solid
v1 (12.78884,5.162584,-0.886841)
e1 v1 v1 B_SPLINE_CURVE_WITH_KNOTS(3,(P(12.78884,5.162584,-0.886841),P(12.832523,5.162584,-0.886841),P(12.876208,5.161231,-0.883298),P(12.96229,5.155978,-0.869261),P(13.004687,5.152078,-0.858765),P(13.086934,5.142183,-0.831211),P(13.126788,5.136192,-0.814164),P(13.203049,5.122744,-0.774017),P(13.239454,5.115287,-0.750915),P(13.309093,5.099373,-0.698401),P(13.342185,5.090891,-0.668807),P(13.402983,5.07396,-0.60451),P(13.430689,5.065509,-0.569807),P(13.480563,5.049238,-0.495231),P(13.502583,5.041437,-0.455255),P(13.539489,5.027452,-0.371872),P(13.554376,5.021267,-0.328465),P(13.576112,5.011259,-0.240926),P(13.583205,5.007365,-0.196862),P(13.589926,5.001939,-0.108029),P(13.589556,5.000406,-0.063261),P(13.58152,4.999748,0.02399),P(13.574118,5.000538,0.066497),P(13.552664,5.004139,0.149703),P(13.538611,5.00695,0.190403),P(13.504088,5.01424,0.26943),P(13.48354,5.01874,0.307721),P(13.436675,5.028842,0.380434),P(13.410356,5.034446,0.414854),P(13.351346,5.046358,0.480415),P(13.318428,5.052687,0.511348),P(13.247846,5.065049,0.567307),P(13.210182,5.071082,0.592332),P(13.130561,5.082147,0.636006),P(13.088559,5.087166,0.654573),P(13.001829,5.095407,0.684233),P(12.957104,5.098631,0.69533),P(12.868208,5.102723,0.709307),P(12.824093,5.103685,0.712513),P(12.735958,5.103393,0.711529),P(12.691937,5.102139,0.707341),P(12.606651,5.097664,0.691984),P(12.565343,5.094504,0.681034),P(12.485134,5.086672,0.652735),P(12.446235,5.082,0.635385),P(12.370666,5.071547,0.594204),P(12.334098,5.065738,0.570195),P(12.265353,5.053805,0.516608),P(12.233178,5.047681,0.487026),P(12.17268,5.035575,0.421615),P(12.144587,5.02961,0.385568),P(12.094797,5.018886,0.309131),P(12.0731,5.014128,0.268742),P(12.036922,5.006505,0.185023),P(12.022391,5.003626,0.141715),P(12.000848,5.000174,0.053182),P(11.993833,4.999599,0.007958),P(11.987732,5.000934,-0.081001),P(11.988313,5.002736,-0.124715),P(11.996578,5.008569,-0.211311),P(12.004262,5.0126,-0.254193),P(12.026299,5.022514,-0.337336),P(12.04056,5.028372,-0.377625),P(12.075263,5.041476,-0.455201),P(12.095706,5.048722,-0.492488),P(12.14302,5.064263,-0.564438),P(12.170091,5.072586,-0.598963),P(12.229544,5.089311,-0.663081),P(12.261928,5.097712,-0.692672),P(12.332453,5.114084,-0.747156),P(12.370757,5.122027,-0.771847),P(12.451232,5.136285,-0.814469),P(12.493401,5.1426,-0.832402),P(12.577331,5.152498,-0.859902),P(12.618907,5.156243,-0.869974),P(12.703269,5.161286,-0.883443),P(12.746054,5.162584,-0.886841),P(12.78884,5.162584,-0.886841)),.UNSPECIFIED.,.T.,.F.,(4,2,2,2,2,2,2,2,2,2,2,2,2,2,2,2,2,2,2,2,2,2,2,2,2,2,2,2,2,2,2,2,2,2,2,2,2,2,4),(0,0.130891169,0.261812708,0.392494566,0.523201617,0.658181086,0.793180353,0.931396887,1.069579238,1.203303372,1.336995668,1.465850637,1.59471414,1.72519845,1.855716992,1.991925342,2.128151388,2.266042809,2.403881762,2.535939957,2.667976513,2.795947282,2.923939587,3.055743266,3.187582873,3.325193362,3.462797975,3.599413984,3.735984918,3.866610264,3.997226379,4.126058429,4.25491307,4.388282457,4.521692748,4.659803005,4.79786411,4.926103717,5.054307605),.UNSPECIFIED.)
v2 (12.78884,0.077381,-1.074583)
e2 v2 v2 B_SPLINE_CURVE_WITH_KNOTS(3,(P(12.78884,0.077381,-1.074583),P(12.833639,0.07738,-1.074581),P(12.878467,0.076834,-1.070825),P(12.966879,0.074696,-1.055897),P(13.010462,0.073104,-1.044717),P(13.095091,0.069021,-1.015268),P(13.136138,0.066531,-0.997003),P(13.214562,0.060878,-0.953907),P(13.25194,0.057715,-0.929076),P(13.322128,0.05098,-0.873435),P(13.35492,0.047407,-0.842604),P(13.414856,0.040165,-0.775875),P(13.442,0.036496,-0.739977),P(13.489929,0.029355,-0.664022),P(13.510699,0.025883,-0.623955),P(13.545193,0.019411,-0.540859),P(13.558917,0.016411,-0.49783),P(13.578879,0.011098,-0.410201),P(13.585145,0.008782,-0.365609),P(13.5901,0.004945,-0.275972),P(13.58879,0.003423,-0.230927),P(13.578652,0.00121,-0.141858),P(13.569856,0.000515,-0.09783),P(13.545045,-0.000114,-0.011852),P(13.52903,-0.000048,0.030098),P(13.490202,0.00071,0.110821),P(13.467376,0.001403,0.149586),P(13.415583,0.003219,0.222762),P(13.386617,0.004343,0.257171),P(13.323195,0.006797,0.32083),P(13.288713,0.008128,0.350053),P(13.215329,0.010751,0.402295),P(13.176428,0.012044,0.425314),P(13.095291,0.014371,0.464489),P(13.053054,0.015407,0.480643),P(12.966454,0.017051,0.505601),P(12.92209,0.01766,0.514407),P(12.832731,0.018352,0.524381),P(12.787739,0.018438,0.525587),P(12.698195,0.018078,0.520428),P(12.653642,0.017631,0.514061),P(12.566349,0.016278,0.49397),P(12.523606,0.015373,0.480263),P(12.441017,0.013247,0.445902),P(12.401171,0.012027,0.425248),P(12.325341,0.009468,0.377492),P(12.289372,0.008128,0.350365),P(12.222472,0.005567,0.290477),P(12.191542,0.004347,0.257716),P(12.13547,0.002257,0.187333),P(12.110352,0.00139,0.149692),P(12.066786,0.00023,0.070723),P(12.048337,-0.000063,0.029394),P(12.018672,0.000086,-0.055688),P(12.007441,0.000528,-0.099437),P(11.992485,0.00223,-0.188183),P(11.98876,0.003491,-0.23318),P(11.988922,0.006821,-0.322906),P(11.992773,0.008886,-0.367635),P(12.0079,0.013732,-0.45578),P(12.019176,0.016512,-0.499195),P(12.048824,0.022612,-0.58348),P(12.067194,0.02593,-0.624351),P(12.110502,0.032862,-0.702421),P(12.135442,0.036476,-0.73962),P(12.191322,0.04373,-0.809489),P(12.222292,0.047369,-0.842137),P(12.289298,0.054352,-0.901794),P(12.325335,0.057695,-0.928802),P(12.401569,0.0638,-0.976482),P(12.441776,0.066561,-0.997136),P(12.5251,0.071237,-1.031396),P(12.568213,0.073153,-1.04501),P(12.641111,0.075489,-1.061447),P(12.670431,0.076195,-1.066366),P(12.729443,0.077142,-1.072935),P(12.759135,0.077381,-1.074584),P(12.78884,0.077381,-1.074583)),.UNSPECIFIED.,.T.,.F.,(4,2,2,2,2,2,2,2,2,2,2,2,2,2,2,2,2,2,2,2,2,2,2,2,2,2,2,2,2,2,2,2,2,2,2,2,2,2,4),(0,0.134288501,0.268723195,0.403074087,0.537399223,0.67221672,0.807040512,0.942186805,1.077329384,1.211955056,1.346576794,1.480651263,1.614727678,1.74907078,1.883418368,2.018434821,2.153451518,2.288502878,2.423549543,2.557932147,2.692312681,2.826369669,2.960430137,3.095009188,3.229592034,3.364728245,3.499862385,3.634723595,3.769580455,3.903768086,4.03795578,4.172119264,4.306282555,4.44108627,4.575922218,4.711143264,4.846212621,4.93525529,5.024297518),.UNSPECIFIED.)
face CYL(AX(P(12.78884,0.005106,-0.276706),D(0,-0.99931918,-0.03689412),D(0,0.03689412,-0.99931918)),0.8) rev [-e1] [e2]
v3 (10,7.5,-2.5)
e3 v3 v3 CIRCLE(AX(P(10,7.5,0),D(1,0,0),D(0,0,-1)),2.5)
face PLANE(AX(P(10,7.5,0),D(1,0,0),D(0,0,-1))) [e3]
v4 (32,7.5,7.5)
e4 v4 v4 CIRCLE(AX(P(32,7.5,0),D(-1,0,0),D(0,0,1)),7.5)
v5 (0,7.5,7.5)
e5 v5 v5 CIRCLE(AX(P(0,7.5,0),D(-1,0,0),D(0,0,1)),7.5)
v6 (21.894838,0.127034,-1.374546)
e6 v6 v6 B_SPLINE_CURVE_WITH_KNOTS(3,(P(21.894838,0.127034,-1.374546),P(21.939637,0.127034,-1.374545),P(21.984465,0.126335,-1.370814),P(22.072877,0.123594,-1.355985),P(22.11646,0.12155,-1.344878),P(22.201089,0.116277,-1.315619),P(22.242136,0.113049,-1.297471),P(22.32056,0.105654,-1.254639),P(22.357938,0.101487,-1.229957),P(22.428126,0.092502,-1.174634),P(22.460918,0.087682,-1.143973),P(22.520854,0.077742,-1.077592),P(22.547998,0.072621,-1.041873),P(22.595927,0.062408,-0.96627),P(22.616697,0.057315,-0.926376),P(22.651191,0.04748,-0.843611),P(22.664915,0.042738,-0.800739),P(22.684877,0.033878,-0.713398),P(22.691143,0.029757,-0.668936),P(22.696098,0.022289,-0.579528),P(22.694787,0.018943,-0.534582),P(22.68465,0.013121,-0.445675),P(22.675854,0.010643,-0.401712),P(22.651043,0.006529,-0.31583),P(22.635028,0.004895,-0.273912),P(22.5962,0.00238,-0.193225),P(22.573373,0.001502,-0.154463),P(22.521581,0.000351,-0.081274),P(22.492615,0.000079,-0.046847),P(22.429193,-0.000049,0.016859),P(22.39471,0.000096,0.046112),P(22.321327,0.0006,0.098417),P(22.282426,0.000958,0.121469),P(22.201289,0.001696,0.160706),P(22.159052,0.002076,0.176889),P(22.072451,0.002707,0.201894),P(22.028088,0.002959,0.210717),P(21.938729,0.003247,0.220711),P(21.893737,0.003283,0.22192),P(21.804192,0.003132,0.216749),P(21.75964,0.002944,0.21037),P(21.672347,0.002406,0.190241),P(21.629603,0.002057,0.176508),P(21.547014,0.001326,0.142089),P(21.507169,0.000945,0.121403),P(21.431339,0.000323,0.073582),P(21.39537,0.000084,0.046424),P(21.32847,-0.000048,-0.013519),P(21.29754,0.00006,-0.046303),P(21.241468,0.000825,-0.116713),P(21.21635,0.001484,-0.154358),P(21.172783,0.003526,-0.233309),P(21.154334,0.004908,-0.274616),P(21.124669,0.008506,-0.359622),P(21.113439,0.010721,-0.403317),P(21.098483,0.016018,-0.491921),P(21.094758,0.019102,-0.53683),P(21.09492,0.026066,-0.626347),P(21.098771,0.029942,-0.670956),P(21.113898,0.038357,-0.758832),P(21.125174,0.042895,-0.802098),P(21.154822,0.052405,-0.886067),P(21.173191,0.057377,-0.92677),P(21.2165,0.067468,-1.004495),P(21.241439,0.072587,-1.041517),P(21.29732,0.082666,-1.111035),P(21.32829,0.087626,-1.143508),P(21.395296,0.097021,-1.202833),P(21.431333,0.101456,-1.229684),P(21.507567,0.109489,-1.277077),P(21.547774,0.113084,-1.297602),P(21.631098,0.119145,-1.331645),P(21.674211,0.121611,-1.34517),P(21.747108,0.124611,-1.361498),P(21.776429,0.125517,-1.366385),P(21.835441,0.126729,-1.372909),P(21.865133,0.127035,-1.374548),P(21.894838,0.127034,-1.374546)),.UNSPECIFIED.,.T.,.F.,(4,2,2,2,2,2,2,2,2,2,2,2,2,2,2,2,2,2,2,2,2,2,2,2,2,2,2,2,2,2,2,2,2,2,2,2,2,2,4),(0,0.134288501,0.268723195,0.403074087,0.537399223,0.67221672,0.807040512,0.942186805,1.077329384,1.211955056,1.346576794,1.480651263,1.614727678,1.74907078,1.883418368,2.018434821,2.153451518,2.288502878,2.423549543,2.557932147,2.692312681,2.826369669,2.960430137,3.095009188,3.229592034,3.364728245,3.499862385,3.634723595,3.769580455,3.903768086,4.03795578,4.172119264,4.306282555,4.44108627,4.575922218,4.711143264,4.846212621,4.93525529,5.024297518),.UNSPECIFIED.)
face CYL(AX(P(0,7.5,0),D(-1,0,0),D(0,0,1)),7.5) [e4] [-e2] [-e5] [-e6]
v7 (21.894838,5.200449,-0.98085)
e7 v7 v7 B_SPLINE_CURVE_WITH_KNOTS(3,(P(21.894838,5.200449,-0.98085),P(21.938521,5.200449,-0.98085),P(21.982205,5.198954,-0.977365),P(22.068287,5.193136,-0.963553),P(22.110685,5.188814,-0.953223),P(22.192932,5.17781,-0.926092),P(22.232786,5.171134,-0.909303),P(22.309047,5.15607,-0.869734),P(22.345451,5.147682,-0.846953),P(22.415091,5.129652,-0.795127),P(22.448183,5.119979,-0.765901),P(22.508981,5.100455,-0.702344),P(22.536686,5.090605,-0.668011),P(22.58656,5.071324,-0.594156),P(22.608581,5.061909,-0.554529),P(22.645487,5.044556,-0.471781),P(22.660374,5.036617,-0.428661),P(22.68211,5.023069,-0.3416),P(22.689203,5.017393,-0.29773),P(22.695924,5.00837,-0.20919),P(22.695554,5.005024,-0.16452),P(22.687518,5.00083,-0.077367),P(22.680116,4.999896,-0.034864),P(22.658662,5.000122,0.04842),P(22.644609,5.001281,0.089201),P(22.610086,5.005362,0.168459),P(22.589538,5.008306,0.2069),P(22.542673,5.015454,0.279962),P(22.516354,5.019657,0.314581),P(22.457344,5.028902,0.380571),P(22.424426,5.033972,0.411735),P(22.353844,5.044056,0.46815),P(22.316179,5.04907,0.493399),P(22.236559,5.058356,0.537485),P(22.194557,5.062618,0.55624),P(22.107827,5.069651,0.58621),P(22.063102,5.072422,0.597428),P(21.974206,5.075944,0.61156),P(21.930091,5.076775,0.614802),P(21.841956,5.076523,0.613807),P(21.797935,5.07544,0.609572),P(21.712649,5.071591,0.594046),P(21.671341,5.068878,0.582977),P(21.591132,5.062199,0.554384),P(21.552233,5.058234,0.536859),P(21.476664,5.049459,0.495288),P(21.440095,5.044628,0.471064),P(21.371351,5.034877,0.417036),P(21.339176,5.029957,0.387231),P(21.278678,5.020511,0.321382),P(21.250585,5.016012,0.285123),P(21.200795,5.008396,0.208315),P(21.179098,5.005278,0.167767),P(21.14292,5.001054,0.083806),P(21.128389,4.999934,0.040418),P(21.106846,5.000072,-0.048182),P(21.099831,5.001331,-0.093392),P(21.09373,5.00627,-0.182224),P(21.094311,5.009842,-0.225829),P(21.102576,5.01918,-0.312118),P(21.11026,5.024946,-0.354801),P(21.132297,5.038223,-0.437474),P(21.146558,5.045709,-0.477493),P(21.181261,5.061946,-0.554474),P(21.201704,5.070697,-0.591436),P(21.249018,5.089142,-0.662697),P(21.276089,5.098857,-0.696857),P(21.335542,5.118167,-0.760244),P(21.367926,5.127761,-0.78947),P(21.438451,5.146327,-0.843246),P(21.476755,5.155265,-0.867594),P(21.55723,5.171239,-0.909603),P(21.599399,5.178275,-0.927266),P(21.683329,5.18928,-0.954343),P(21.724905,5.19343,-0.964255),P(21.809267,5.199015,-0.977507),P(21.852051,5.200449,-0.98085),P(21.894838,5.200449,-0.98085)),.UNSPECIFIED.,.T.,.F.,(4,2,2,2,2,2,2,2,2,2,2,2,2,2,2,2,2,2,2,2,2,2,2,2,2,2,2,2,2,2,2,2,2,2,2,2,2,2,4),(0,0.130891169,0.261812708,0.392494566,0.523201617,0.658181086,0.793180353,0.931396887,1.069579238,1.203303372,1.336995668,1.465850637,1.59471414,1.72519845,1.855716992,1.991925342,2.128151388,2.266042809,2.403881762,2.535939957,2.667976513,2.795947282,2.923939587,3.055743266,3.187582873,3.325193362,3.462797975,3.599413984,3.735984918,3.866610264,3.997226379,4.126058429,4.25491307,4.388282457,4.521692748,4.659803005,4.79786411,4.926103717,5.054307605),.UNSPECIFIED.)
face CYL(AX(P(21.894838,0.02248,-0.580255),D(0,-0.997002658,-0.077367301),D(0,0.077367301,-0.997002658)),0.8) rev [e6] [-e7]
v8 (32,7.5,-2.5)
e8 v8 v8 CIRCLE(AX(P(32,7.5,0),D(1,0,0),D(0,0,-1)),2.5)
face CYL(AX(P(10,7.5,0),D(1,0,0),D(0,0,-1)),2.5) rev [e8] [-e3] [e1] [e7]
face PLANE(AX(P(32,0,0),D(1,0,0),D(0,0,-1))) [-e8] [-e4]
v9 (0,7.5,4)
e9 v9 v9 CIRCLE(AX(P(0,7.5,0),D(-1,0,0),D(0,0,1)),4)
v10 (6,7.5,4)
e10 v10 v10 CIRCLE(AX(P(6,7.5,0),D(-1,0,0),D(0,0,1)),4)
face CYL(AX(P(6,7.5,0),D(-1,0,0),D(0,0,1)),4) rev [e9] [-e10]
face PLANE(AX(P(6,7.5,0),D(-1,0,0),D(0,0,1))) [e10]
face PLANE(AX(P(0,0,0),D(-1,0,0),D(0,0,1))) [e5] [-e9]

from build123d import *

# Parameters (mm, degrees)
ESQUISSE1_W                      = 32
ESQUISSE1_H                      = 7.5
ESQUISSE2_R                      = 2.5
ENL_V_MAT_EXTRU_1_DEPTH          = 22
ESQUISSE4_R                      = 4
ENL_V_MAT_EXTRU_2_DEPTH          = 6
D_GAGEMENT_M1_41_D               = 1.6
D_GAGEMENT_M1_41_DEPTH           = 6
D_GAGEMENT_M1_41_TIP             = 0.480688495
D_GAGEMENT_M1_41_ON_FACE_2_D     = 1.6
D_GAGEMENT_M1_41_ON_FACE_2_DEPTH = 6
D_GAGEMENT_M1_41_ON_FACE_2_TIP   = 0.480688495


with BuildPart() as part:
    # Esquisse1 → Révolution2 (revolve)
    with BuildSketch(Plane.XY, mode=Mode.PRIVATE) as r_volution2_sk:
        with Locations((16, 3.75)):
            Rectangle(ESQUISSE1_W, ESQUISSE1_H)
    revolve(r_volution2_sk.sketch.rotate(Axis((0, 7.5, 0), (1, 0, 0)), 270), axis=Axis((0, 7.5, 0), (1, 0, 0)))

    # Esquisse2 → Enlèv. mat.-Extru.1 (cut)
    with BuildSketch(Plane(origin=(32, 0, 0), x_dir=(0, 0, -1), z_dir=(1, 0, 0))):
        with Locations((0, 7.5)):
            Circle(ESQUISSE2_R)
    extrude(amount=-ENL_V_MAT_EXTRU_1_DEPTH, mode=Mode.SUBTRACT)

    # Esquisse4 → Enlèv. mat.-Extru.2 (cut)
    with BuildSketch(Plane.ZY):
        with Locations((0, 7.5)):
            Circle(ESQUISSE4_R)
    extrude(amount=-ENL_V_MAT_EXTRU_2_DEPTH, mode=Mode.SUBTRACT)

    # Dégagement M1.41
    with Locations(Plane(origin=(21.894837685, 0.022480062, -0.580254755), x_dir=(0, 0.077367300627, -0.997002658368), z_dir=(0, -0.997002658368, -0.077367300627))):
        with Locations((0, 0)):
            Hole(D_GAGEMENT_M1_41_D / 2, depth=D_GAGEMENT_M1_41_DEPTH)
            with Locations((0, 0, -(D_GAGEMENT_M1_41_DEPTH + D_GAGEMENT_M1_41_TIP / 2))):  # 118° drill point
                Cone(0, D_GAGEMENT_M1_41_D / 2, D_GAGEMENT_M1_41_TIP, mode=Mode.SUBTRACT)

    # Dégagement M1.41 on face 2
    with Locations(Plane(origin=(12.788839851, 0.005106148, -0.276705898), x_dir=(0, 0.036894006807, -0.999319184376), z_dir=(0, -0.999319184376, -0.036894006807))):
        with Locations((0, 0)):
            Hole(D_GAGEMENT_M1_41_ON_FACE_2_D / 2, depth=D_GAGEMENT_M1_41_ON_FACE_2_DEPTH)
            with Locations((0, 0, -(D_GAGEMENT_M1_41_ON_FACE_2_DEPTH + D_GAGEMENT_M1_41_ON_FACE_2_TIP / 2))):  # 118° drill point
                Cone(0, D_GAGEMENT_M1_41_ON_FACE_2_D / 2, D_GAGEMENT_M1_41_ON_FACE_2_TIP, mode=Mode.SUBTRACT)


solid = part.part
